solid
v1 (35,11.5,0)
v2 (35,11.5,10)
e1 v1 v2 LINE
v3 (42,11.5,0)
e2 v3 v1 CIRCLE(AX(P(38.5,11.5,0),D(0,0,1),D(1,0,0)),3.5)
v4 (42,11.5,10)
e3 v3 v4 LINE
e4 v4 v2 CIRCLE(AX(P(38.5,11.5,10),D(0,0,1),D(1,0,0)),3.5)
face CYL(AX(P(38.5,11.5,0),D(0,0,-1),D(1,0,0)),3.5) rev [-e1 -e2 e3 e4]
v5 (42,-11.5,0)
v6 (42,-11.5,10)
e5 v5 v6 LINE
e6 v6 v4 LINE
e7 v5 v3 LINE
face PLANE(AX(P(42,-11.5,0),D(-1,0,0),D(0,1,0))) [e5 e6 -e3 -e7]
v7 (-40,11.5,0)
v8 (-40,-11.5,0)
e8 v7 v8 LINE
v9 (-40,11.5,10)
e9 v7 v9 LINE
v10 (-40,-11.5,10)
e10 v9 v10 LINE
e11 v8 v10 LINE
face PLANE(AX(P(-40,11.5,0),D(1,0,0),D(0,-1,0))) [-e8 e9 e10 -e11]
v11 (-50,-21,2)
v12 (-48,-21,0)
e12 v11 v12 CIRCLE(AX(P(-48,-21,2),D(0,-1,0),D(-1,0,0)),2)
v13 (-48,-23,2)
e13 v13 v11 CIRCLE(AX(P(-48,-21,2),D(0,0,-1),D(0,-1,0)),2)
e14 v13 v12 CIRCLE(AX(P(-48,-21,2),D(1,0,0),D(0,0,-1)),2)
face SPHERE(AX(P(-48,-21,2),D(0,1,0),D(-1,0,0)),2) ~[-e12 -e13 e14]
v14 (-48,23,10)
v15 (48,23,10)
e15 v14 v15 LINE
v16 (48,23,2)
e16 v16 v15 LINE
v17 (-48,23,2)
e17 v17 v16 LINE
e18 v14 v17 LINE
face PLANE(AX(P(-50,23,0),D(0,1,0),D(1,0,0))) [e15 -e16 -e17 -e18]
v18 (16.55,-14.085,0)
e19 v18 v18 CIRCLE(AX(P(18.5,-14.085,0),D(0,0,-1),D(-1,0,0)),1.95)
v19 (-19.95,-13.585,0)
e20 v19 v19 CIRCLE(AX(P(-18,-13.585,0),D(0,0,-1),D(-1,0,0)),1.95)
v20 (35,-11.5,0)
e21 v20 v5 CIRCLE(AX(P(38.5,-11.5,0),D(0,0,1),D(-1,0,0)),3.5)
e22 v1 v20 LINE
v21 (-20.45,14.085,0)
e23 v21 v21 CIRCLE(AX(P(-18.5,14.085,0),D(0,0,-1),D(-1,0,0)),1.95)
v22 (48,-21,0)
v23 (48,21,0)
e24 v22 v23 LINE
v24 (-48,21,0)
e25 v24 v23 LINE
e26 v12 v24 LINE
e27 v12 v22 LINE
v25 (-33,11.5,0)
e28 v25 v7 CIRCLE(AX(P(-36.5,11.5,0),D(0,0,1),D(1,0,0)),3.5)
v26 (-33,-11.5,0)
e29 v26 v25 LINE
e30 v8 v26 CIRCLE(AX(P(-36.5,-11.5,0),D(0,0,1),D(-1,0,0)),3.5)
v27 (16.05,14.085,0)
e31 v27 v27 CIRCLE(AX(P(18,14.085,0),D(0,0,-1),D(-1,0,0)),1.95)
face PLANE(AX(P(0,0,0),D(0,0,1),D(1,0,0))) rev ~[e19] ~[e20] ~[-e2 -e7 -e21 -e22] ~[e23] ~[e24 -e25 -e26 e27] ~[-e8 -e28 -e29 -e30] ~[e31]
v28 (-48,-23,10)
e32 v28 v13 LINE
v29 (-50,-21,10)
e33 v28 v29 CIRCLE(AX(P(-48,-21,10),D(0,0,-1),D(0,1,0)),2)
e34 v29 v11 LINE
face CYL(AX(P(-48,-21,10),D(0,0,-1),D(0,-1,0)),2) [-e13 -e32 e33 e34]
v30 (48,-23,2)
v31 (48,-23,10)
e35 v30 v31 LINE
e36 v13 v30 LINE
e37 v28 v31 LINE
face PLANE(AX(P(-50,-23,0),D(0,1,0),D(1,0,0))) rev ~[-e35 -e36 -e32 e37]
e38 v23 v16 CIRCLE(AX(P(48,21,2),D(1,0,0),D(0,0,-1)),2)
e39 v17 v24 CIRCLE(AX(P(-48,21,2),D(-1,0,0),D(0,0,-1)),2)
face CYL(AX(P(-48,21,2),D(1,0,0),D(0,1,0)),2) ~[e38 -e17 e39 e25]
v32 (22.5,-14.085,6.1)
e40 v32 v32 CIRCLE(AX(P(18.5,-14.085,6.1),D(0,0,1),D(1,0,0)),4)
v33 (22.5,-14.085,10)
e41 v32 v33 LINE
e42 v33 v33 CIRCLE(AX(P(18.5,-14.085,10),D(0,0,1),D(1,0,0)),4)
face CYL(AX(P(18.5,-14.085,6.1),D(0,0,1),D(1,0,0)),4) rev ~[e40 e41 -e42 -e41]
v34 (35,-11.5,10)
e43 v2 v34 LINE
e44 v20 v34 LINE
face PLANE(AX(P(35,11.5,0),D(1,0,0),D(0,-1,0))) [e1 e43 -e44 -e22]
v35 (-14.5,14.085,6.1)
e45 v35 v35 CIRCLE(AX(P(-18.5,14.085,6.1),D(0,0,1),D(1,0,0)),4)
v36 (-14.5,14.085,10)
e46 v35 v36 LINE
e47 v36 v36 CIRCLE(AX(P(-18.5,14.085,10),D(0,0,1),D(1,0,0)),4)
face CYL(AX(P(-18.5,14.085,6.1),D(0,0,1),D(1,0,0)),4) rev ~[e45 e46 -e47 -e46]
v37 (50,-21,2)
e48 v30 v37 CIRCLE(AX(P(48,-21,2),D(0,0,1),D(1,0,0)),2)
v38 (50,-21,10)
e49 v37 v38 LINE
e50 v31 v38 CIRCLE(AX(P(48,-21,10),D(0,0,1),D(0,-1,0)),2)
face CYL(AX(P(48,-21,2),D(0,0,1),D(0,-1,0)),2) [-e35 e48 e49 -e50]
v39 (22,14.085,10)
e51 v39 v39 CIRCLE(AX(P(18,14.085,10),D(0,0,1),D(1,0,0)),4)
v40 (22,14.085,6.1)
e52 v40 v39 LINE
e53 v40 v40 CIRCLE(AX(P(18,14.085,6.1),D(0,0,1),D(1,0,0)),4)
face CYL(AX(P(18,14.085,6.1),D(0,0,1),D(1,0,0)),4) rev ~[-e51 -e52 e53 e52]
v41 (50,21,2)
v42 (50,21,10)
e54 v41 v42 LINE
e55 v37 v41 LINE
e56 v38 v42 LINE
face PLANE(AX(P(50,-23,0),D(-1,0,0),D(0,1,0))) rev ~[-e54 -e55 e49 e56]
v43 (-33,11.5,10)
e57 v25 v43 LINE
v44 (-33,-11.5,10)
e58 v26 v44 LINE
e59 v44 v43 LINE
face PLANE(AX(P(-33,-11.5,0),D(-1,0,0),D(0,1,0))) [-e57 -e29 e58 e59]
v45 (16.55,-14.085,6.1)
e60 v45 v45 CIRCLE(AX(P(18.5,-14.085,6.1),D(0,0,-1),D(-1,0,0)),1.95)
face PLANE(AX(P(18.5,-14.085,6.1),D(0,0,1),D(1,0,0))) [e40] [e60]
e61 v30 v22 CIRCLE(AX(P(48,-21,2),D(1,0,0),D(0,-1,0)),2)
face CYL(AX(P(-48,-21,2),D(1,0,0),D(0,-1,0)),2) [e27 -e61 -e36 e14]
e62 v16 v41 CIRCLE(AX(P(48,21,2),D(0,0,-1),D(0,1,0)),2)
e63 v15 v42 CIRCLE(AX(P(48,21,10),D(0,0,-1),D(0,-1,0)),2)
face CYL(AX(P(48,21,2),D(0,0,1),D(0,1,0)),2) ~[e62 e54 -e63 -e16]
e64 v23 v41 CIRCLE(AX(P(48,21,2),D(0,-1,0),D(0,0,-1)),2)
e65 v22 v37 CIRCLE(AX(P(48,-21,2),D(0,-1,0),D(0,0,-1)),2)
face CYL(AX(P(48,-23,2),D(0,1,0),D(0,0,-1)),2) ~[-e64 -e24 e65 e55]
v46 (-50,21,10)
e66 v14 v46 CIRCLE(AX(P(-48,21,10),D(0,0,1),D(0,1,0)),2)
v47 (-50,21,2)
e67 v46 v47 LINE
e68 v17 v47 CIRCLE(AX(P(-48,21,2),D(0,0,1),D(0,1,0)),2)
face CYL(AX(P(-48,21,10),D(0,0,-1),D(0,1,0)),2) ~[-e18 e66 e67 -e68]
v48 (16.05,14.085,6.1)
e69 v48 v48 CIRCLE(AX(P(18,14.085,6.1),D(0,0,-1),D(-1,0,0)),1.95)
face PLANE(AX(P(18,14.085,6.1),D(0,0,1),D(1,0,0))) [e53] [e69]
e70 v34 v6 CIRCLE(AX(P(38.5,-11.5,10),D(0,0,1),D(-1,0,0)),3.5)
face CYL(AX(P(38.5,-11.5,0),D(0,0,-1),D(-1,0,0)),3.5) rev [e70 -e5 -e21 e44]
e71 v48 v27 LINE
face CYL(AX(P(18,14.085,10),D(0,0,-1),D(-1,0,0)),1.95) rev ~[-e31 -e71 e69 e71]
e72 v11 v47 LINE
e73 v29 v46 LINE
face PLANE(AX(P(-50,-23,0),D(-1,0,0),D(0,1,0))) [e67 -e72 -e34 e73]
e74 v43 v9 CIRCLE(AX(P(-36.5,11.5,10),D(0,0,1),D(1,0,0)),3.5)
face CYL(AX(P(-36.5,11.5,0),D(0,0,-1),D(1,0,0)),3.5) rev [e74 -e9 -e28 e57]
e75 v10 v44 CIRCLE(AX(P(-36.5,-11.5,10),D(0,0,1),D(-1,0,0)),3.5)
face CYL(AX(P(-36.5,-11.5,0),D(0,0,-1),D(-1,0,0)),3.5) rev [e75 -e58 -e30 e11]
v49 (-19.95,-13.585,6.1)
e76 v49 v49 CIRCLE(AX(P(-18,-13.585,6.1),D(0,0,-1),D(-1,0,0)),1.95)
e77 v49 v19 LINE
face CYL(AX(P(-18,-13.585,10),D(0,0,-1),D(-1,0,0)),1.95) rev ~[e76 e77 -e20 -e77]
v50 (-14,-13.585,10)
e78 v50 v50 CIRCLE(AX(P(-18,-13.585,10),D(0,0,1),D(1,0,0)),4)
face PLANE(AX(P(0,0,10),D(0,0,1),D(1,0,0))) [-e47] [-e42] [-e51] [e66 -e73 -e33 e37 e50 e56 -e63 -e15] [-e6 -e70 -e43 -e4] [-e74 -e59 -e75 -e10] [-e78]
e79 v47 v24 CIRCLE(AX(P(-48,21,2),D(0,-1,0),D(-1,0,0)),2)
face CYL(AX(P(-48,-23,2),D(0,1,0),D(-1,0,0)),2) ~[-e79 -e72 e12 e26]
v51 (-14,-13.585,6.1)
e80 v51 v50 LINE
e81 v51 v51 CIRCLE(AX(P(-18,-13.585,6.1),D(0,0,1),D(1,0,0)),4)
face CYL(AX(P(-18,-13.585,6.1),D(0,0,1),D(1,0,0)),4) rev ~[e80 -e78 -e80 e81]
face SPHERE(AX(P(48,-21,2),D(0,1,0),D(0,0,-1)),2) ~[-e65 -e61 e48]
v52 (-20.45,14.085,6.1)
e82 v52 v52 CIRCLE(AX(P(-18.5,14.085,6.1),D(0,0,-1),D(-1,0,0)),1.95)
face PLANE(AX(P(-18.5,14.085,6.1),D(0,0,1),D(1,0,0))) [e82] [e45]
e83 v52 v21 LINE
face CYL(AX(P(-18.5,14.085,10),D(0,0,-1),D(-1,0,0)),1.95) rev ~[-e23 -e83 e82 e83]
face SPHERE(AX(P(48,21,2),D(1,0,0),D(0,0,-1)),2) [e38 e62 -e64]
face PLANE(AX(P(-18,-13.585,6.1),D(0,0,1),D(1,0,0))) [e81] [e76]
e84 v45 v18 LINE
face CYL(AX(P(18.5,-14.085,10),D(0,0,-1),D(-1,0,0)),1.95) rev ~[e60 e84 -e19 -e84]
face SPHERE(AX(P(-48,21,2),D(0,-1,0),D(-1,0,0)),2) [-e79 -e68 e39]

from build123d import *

# Parameters (mm, degrees)
SKETCH_W         = 100
SKETCH_H         = 46
PAD_DEPTH        = 10
HOLE_D           = 3.9
HOLE_CBORE_D     = 8
HOLE_CBORE_DEPTH = 3.9
FILLET_R         = 2
FILLET001_R      = 2
FILLET002_R      = 2
FILLET003_R      = 2


with BuildPart() as part:
    # Sketch → Pad (new body)
    with BuildSketch(Plane.XY):
        Rectangle(SKETCH_W, SKETCH_H)
        with BuildLine():
            ThreePointArc((42, 11.5), (38.5, 15), (35, 11.5))
            Line((35, 11.5), (35, -11.5))
            ThreePointArc((35, -11.5), (38.5, -15), (42, -11.5))
            Line((42, -11.5), (42, 11.5))
        make_face(mode=Mode.SUBTRACT)
        with BuildLine():
            ThreePointArc((-33, 11.5), (-36.5, 15), (-40, 11.5))
            Line((-40, 11.5), (-40, -11.5))
            ThreePointArc((-40, -11.5), (-36.5, -15), (-33, -11.5))
            Line((-33, -11.5), (-33, 11.5))
        make_face(mode=Mode.SUBTRACT)
    extrude(amount=PAD_DEPTH)

    # Hole (through all)
    with Locations(Plane.XY.offset(10)):
        with Locations((-18.5, 14.085), (18, 14.085), (-18, -13.585), (18.5, -14.085)):
            CounterBoreHole(HOLE_D / 2, HOLE_CBORE_D / 2, HOLE_CBORE_DEPTH)

    # Fillet
    fillet_edges = [part.edges().sort_by_distance(p)[0] for p in [
        (-50, 0, 0),
    ]]
    fillet(fillet_edges, radius=FILLET_R)

    # Fillet001
    fillet001_edges = [part.edges().sort_by_distance(p)[0] for p in [
        (1, 23, 0),
    ]]
    fillet(fillet001_edges, radius=FILLET001_R)

    # Fillet002
    fillet002_edges = [part.edges().sort_by_distance(p)[0] for p in [
        (50, -1, 0),
    ]]
    fillet(fillet002_edges, radius=FILLET002_R)

    # Fillet003
    fillet003_edges = [part.edges().sort_by_distance(p)[0] for p in [
        (0, -23, 0),
    ]]
    fillet(fillet003_edges, radius=FILLET003_R)


solid = part.part
